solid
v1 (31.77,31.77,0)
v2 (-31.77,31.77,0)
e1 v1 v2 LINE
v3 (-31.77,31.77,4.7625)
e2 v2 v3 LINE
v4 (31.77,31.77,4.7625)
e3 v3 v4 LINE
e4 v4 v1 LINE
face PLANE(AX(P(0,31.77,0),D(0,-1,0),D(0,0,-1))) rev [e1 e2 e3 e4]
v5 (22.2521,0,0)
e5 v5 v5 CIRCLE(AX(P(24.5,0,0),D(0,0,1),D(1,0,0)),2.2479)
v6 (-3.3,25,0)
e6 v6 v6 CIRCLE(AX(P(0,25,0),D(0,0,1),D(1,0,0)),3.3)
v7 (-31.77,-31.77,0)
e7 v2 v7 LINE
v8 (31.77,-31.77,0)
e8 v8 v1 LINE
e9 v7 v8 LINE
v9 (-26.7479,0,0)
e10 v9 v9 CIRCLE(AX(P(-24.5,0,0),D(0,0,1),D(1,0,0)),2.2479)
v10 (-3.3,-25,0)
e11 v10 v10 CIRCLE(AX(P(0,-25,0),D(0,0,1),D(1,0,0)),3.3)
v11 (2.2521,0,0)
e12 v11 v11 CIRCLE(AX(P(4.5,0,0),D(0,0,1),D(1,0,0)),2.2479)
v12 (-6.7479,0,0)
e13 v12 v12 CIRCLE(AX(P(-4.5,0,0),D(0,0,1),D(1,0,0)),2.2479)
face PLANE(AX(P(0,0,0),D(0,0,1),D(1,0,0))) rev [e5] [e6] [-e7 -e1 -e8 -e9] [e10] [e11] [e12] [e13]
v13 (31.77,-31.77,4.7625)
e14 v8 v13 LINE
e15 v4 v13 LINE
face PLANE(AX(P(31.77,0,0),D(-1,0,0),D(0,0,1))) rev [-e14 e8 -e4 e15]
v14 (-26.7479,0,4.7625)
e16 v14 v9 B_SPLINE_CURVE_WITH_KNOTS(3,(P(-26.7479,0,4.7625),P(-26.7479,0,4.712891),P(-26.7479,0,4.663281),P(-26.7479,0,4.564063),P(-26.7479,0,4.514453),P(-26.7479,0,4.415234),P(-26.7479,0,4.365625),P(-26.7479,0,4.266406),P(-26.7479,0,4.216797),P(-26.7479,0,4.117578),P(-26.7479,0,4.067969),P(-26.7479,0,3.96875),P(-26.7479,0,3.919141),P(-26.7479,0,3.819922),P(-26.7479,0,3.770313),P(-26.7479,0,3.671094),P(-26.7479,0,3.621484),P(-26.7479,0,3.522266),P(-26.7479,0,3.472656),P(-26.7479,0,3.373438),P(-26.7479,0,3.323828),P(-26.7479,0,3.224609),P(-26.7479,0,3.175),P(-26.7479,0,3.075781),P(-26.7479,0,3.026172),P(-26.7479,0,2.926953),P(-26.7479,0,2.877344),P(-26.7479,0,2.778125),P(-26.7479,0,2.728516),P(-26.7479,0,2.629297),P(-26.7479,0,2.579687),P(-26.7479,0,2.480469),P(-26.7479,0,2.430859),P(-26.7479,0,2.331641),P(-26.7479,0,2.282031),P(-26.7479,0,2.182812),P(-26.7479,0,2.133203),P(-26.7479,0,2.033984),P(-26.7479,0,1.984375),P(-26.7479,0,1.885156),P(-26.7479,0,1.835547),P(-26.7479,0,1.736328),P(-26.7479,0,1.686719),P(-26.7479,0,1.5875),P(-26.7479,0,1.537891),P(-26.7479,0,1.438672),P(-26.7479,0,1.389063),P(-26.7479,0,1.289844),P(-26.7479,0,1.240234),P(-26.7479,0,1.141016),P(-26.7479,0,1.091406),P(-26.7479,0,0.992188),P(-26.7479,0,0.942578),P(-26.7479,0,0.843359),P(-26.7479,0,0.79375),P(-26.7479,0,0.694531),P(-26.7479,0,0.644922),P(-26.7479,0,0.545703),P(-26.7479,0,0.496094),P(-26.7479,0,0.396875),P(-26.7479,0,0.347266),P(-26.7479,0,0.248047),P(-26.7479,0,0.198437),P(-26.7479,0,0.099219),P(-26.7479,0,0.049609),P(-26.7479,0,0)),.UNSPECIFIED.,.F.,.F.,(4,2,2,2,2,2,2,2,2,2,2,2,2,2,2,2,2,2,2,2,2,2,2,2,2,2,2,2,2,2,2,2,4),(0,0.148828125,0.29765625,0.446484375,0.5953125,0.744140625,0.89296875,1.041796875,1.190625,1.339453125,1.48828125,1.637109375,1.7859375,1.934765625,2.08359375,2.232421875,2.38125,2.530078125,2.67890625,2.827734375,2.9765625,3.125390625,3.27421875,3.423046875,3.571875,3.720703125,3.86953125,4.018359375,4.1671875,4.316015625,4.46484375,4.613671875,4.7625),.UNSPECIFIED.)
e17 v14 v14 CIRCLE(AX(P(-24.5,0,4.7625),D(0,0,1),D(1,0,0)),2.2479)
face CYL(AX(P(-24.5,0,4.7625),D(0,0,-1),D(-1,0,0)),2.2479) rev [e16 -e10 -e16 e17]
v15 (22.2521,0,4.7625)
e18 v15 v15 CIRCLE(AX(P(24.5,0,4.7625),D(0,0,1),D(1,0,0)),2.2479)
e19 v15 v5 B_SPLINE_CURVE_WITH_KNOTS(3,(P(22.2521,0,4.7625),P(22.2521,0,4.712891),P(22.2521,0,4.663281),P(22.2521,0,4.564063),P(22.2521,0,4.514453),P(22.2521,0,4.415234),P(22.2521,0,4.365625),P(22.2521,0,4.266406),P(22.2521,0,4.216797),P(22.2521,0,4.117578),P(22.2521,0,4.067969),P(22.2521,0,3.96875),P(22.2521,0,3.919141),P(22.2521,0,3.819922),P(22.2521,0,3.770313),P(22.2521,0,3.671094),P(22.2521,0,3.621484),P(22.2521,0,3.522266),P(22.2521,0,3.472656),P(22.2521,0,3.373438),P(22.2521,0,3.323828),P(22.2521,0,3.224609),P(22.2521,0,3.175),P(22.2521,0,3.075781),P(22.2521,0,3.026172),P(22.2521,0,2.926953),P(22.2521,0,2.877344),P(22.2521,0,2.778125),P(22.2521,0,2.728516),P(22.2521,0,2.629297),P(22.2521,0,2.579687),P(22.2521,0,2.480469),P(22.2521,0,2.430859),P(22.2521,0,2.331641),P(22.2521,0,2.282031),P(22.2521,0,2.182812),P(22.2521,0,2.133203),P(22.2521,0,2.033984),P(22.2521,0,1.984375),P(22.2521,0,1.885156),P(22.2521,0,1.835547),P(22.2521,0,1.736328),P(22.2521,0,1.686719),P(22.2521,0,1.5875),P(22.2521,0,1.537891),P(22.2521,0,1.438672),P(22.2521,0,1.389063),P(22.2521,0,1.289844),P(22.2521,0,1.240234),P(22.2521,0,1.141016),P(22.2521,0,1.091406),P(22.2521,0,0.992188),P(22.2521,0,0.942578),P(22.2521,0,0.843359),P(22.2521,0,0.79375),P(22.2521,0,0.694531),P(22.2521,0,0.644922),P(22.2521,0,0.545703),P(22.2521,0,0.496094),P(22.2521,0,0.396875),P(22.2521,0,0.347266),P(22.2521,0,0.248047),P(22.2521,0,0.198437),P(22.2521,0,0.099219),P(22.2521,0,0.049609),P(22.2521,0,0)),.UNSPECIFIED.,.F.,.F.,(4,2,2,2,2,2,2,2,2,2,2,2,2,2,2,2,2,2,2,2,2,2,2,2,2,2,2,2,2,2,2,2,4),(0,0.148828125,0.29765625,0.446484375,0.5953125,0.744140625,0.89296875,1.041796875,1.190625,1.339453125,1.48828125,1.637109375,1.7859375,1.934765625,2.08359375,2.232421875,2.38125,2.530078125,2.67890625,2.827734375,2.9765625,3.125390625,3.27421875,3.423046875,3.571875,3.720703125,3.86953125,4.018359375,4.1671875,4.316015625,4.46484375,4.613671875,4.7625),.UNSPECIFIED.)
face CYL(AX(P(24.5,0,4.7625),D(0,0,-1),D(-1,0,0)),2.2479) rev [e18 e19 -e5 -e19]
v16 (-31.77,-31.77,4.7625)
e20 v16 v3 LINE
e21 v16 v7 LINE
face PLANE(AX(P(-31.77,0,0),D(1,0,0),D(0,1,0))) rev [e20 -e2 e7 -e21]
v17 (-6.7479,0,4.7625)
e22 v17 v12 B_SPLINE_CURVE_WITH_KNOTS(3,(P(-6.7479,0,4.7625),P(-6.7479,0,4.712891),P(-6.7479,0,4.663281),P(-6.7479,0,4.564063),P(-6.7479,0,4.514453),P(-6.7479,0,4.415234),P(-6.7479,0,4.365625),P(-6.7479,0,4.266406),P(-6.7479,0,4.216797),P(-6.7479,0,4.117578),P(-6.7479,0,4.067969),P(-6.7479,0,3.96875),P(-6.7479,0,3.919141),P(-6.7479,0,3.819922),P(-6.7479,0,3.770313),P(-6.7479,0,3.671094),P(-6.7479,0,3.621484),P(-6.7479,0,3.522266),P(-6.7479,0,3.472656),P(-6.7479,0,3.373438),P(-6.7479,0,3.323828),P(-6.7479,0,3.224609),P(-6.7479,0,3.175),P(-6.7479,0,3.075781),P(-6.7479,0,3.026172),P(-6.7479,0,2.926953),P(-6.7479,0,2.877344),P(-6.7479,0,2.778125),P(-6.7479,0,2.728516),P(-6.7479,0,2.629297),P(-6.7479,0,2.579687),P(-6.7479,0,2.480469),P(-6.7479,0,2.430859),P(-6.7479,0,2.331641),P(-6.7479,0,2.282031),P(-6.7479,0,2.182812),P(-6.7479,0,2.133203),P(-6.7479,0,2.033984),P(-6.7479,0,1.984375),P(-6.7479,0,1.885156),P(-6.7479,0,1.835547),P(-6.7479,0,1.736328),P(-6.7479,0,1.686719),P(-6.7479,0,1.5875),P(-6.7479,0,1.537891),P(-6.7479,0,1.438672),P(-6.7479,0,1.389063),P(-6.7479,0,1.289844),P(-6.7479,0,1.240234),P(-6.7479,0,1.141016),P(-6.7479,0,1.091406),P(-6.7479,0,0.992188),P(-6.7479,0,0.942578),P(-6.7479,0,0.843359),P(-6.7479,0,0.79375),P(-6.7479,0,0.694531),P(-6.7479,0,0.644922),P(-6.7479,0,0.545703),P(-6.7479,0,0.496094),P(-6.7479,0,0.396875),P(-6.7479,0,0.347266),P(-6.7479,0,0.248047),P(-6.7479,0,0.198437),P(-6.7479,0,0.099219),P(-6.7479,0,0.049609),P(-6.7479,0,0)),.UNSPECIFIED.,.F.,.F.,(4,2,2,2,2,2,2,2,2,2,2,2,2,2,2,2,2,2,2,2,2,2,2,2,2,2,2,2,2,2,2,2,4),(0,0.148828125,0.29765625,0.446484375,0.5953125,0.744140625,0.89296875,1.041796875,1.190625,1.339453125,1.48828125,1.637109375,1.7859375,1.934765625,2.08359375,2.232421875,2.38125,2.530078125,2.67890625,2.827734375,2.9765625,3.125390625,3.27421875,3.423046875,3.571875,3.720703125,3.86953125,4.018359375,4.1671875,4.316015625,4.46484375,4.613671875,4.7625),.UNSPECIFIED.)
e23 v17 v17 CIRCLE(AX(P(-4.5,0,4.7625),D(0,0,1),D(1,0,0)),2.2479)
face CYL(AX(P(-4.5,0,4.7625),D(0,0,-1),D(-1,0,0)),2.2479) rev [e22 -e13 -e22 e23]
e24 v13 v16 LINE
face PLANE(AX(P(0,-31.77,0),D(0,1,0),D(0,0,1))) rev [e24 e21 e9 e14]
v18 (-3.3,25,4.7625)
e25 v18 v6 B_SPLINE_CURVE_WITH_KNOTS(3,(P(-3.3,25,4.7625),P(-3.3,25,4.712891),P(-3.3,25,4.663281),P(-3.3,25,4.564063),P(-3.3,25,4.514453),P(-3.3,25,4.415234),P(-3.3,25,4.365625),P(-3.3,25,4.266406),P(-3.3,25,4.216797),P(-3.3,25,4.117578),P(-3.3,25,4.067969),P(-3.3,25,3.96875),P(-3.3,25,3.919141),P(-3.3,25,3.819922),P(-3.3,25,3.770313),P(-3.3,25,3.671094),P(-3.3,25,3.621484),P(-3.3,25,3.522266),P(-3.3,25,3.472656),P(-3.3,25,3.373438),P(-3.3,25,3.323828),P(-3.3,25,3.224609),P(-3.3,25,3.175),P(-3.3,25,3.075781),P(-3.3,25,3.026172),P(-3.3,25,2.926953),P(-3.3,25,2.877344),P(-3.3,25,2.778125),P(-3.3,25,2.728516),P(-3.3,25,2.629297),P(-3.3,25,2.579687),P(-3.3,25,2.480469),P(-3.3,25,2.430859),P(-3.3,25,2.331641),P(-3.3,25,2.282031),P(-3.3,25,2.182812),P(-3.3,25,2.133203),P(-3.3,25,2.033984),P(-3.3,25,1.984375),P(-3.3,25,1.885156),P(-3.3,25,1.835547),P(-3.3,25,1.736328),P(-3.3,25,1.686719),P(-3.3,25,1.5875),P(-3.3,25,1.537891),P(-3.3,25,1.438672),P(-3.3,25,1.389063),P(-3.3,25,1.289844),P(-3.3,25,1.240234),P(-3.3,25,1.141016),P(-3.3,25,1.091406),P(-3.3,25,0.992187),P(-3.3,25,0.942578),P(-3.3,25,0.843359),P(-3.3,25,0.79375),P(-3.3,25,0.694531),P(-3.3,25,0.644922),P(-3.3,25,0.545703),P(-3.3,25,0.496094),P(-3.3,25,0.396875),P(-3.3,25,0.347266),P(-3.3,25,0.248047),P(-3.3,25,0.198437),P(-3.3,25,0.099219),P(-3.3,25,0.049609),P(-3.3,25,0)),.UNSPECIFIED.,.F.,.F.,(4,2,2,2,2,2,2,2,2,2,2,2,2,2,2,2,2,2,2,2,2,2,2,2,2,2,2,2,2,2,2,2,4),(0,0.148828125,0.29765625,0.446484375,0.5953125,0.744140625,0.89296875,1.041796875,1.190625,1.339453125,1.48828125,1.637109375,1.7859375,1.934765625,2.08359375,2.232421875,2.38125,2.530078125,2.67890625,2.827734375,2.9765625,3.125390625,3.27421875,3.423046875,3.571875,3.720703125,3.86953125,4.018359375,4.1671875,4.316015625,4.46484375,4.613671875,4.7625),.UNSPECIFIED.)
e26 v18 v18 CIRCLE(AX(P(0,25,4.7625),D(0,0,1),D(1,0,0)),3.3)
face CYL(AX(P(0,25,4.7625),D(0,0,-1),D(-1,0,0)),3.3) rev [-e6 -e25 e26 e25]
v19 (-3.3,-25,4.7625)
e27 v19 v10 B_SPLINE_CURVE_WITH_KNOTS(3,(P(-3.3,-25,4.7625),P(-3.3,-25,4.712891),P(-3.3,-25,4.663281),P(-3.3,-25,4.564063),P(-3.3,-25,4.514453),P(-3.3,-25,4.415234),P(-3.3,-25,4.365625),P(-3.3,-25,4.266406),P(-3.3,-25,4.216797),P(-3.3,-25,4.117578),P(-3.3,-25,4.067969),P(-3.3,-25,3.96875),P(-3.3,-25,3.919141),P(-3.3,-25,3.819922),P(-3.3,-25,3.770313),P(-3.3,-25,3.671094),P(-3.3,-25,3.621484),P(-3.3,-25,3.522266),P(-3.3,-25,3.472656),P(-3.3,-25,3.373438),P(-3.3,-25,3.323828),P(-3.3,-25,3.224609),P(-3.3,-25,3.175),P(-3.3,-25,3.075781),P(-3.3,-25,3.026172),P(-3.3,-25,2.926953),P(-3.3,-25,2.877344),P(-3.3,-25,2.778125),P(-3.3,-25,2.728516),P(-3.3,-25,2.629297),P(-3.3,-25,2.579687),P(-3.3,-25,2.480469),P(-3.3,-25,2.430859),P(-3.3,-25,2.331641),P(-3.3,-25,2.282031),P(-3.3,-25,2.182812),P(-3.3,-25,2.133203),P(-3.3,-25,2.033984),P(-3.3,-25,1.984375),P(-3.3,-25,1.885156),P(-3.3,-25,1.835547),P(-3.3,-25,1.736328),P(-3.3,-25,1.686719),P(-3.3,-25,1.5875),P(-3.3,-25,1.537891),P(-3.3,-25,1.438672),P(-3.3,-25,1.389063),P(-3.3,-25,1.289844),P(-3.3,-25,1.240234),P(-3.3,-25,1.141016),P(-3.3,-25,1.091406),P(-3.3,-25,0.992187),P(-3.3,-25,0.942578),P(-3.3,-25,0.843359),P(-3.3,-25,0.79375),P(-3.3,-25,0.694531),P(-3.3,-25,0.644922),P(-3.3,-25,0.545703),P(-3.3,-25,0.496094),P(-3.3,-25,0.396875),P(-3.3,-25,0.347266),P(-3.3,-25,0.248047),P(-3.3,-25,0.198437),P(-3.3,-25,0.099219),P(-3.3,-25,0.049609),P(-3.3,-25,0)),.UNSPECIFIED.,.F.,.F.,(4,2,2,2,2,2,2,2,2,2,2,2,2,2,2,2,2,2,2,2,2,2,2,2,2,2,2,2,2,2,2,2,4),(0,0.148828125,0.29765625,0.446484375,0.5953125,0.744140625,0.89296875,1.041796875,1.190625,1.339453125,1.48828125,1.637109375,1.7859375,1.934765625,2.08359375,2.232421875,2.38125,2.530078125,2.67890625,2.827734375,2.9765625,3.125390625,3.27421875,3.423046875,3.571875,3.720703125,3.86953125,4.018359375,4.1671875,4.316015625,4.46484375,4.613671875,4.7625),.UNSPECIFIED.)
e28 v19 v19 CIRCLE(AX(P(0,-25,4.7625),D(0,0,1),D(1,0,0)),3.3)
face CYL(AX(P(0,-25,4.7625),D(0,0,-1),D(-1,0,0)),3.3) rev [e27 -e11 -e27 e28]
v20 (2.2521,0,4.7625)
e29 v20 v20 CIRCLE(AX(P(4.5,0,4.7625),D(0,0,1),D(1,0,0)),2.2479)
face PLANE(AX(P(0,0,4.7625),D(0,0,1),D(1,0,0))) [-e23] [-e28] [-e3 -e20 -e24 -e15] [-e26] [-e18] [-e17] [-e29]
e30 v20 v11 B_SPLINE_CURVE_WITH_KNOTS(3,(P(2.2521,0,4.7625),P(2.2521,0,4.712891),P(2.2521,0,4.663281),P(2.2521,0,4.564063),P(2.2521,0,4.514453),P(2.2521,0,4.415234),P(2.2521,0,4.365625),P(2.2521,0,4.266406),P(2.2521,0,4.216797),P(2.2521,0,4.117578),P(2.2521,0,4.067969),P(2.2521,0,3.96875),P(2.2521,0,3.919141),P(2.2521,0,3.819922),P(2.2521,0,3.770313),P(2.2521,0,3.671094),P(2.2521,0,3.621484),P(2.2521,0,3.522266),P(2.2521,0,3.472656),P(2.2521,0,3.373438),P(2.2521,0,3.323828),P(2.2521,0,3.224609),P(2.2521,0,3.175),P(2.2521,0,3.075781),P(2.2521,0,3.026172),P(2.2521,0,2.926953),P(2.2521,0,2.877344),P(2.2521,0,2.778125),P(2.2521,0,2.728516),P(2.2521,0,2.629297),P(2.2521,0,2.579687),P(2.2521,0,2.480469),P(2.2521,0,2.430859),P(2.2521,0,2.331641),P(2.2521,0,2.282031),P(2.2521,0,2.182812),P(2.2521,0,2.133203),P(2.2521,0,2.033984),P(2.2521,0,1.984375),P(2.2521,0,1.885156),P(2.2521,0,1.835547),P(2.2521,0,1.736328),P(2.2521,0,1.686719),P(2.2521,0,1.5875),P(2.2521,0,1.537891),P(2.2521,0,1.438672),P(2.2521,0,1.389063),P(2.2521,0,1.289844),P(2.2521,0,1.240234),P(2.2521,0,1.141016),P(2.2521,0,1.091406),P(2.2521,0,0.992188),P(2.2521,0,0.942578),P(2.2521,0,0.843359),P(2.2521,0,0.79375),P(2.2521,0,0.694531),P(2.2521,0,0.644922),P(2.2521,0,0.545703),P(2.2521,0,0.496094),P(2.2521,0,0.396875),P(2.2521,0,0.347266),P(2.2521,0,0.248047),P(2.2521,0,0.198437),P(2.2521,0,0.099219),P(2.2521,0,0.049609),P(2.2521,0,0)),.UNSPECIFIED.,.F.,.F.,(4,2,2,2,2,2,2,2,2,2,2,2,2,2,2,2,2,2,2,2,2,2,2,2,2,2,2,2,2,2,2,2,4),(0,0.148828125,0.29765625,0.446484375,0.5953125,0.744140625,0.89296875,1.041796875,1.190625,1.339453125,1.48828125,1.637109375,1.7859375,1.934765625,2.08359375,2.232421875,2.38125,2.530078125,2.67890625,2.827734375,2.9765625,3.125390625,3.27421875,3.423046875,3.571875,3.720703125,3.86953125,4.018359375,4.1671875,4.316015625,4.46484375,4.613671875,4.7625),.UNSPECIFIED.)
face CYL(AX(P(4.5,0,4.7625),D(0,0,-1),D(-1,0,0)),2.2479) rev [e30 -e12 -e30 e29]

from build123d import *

# Parameters (mm, degrees)
SKETCH1_W            = 25.42
SKETCH1_H            = 25.42
BOSS_EXTRUDE5_DEPTH  = 4.7625
SKETCH3_W            = 4.7625
SKETCH3_H            = 61
BOSS_EXTRUDE6_DEPTH  = 1.27
SKETCH4_W            = 4.7625
SKETCH4_H            = 61
BOSS_EXTRUDE9_DEPTH  = 1.27
SKETCH6_W            = 63.54
SKETCH6_H            = 4.7625
BOSS_EXTRUDE10_DEPTH = 1.27
SKETCH7_W            = 63.54
SKETCH7_H            = 4.7625
BOSS_EXTRUDE11_DEPTH = 1.27


with BuildPart() as part:
    # Sketch1 → Boss-Extrude5 (new body)
    with BuildSketch(Plane.XY):
        with BuildLine():
            Line((0, 28.3), (0, 30.5))
            Line((0, 30.5), (-5.08, 30.5))
            Line((-5.08, 30.5), (-5.08, 5.08))
            Line((-5.08, 5.08), (0, 5.08))
            Line((0, 5.08), (0, 21.7))
            ThreePointArc((0, 21.7), (-3.3, 25), (0, 28.3))
        make_face()
        with BuildLine():
            Line((5.08, 30.5), (0, 30.5))
            Line((0, 30.5), (0, 28.3))
            ThreePointArc((0, 28.3), (2.333452378, 27.333452378), (3.3, 25))
            ThreePointArc((3.3, 25), (2.333452378, 22.666547622), (0, 21.7))
            Line((0, 21.7), (0, 5.08))
            Line((0, 5.08), (5.08, 5.08))
            Line((5.08, 5.08), (5.08, 30.5))
        make_face()
        with BuildLine():
            Line((30.5, 5.08), (5.08, 5.08))
            Line((5.08, 5.08), (5.08, 2.171785995))
            ThreePointArc((5.08, 2.171785995), (6.282811882, 1.369173548), (6.7479, 0))
            Line((6.7479, 0), (22.2521, 0))
            ThreePointArc((22.2521, 0), (24.5, 2.2479), (26.7479, 0))
            Line((26.7479, 0), (30.5, 0))
            Line((30.5, 0), (30.5, 5.08))
        make_face()
        with BuildLine():
            Line((22.2521, 0), (6.7479, 0))
            ThreePointArc((6.7479, 0), (6.282811882, -1.369173548), (5.08, -2.171785995))
            Line((5.08, -2.171785995), (5.08, -5.08))
            Line((5.08, -5.08), (30.5, -5.08))
            Line((30.5, -5.08), (30.5, 0))
            Line((30.5, 0), (26.7479, 0))
            ThreePointArc((26.7479, 0), (24.5, -2.2479), (22.2521, 0))
        make_face()
        with BuildLine():
            Line((2.2521, 0), (0, 0))
            Line((0, 0), (0, -5.08))
            Line((0, -5.08), (5.08, -5.08))
            Line((5.08, -5.08), (5.08, -2.171785995))
            ThreePointArc((5.08, -2.171785995), (3.130826452, -1.782811882), (2.2521, 0))
        make_face()
        with BuildLine():
            Line((0, -5.08), (0, 0))
            Line((0, 0), (-2.2521, 0))
            ThreePointArc((-2.2521, 0), (-3.130826452, -1.782811882), (-5.08, -2.171785995))
            Line((-5.08, -2.171785995), (-5.08, -5.08))
            Line((-5.08, -5.08), (0, -5.08))
        make_face()
        with BuildLine():
            Line((5.08, 2.171785995), (5.08, 5.08))
            Line((5.08, 5.08), (0, 5.08))
            Line((0, 5.08), (0, 0))
            Line((0, 0), (2.2521, 0))
            ThreePointArc((2.2521, 0), (3.130826452, 1.782811882), (5.08, 2.171785995))
        make_face()
        with BuildLine():
            Line((0, 5.08), (-5.08, 5.08))
            Line((-5.08, 5.08), (-5.08, 2.171785995))
            ThreePointArc((-5.08, 2.171785995), (-3.130826452, 1.782811882), (-2.2521, 0))
            Line((-2.2521, 0), (0, 0))
            Line((0, 0), (0, 5.08))
        make_face()
        with BuildLine():
            Line((-5.08, 2.171785995), (-5.08, 5.08))
            Line((-5.08, 5.08), (-30.5, 5.08))
            Line((-30.5, 5.08), (-30.5, 0))
            Line((-30.5, 0), (-26.7479, 0))
            ThreePointArc((-26.7479, 0), (-24.5, 2.2479), (-22.2521, 0))
            Line((-22.2521, 0), (-6.7479, 0))
            ThreePointArc((-6.7479, 0), (-6.282811882, 1.369173548), (-5.08, 2.171785995))
        make_face()
        with BuildLine():
            ThreePointArc((-5.08, -2.171785995), (-6.282811882, -1.369173548), (-6.7479, 0))
            Line((-6.7479, 0), (-22.2521, 0))
            ThreePointArc((-22.2521, 0), (-24.5, -2.2479), (-26.7479, 0))
            Line((-26.7479, 0), (-30.5, 0))
            Line((-30.5, 0), (-30.5, -5.08))
            Line((-30.5, -5.08), (-5.08, -5.08))
            Line((-5.08, -5.08), (-5.08, -2.171785995))
        make_face()
        with BuildLine():
            Line((0, -21.7), (0, -5.08))
            Line((0, -5.08), (-5.08, -5.08))
            Line((-5.08, -5.08), (-5.08, -30.5))
            Line((-5.08, -30.5), (0, -30.5))
            Line((0, -30.5), (0, -28.3))
            ThreePointArc((0, -28.3), (-3.3, -25), (0, -21.7))
        make_face()
        with BuildLine():
            Line((5.08, -5.08), (0, -5.08))
            Line((0, -5.08), (0, -21.7))
            ThreePointArc((0, -21.7), (2.333452378, -22.666547622), (3.3, -25))
            ThreePointArc((3.3, -25), (2.333452378, -27.333452378), (0, -28.3))
            Line((0, -28.3), (0, -30.5))
            Line((0, -30.5), (5.08, -30.5))
            Line((5.08, -30.5), (5.08, -5.08))
        make_face()
        with Locations((-17.79, 17.79)):
            Rectangle(SKETCH1_W, SKETCH1_H)
        with Locations((17.79, 17.79)):
            Rectangle(SKETCH1_W, SKETCH1_H)
        with Locations((17.79, -17.79)):
            Rectangle(SKETCH1_W, SKETCH1_H)
        with Locations((-17.79, -17.79)):
            Rectangle(SKETCH1_W, SKETCH1_H)
    extrude(amount=BOSS_EXTRUDE5_DEPTH)

    # Sketch3 → Boss-Extrude6 (add)
    with BuildSketch(Plane.ZY.offset(30.5)):
        with Locations((2.38125, 0)):
            Rectangle(SKETCH3_W, SKETCH3_H)
    extrude(amount=BOSS_EXTRUDE6_DEPTH)

    # Sketch4 → Boss-Extrude9 (add)
    with BuildSketch(Plane(origin=(30.5, 0, 0), x_dir=(0, 0, -1), z_dir=(1, 0, 0))):
        with Locations((-2.38125, 0)):
            Rectangle(SKETCH4_W, SKETCH4_H)
    extrude(amount=BOSS_EXTRUDE9_DEPTH)

    # Sketch6 → Boss-Extrude10 (add)
    with BuildSketch(Plane.XZ.offset(30.5)):
        with Locations((0, 2.38125)):
            Rectangle(SKETCH6_W, SKETCH6_H)
    extrude(amount=BOSS_EXTRUDE10_DEPTH)

    # Sketch7 → Boss-Extrude11 (add)
    with BuildSketch(Plane(origin=(0, 30.5, 0), x_dir=(1, 0, 0), z_dir=(0, 1, 0))):
        with Locations((0, -2.38125)):
            Rectangle(SKETCH7_W, SKETCH7_H)
    extrude(amount=BOSS_EXTRUDE11_DEPTH)


solid = part.part
